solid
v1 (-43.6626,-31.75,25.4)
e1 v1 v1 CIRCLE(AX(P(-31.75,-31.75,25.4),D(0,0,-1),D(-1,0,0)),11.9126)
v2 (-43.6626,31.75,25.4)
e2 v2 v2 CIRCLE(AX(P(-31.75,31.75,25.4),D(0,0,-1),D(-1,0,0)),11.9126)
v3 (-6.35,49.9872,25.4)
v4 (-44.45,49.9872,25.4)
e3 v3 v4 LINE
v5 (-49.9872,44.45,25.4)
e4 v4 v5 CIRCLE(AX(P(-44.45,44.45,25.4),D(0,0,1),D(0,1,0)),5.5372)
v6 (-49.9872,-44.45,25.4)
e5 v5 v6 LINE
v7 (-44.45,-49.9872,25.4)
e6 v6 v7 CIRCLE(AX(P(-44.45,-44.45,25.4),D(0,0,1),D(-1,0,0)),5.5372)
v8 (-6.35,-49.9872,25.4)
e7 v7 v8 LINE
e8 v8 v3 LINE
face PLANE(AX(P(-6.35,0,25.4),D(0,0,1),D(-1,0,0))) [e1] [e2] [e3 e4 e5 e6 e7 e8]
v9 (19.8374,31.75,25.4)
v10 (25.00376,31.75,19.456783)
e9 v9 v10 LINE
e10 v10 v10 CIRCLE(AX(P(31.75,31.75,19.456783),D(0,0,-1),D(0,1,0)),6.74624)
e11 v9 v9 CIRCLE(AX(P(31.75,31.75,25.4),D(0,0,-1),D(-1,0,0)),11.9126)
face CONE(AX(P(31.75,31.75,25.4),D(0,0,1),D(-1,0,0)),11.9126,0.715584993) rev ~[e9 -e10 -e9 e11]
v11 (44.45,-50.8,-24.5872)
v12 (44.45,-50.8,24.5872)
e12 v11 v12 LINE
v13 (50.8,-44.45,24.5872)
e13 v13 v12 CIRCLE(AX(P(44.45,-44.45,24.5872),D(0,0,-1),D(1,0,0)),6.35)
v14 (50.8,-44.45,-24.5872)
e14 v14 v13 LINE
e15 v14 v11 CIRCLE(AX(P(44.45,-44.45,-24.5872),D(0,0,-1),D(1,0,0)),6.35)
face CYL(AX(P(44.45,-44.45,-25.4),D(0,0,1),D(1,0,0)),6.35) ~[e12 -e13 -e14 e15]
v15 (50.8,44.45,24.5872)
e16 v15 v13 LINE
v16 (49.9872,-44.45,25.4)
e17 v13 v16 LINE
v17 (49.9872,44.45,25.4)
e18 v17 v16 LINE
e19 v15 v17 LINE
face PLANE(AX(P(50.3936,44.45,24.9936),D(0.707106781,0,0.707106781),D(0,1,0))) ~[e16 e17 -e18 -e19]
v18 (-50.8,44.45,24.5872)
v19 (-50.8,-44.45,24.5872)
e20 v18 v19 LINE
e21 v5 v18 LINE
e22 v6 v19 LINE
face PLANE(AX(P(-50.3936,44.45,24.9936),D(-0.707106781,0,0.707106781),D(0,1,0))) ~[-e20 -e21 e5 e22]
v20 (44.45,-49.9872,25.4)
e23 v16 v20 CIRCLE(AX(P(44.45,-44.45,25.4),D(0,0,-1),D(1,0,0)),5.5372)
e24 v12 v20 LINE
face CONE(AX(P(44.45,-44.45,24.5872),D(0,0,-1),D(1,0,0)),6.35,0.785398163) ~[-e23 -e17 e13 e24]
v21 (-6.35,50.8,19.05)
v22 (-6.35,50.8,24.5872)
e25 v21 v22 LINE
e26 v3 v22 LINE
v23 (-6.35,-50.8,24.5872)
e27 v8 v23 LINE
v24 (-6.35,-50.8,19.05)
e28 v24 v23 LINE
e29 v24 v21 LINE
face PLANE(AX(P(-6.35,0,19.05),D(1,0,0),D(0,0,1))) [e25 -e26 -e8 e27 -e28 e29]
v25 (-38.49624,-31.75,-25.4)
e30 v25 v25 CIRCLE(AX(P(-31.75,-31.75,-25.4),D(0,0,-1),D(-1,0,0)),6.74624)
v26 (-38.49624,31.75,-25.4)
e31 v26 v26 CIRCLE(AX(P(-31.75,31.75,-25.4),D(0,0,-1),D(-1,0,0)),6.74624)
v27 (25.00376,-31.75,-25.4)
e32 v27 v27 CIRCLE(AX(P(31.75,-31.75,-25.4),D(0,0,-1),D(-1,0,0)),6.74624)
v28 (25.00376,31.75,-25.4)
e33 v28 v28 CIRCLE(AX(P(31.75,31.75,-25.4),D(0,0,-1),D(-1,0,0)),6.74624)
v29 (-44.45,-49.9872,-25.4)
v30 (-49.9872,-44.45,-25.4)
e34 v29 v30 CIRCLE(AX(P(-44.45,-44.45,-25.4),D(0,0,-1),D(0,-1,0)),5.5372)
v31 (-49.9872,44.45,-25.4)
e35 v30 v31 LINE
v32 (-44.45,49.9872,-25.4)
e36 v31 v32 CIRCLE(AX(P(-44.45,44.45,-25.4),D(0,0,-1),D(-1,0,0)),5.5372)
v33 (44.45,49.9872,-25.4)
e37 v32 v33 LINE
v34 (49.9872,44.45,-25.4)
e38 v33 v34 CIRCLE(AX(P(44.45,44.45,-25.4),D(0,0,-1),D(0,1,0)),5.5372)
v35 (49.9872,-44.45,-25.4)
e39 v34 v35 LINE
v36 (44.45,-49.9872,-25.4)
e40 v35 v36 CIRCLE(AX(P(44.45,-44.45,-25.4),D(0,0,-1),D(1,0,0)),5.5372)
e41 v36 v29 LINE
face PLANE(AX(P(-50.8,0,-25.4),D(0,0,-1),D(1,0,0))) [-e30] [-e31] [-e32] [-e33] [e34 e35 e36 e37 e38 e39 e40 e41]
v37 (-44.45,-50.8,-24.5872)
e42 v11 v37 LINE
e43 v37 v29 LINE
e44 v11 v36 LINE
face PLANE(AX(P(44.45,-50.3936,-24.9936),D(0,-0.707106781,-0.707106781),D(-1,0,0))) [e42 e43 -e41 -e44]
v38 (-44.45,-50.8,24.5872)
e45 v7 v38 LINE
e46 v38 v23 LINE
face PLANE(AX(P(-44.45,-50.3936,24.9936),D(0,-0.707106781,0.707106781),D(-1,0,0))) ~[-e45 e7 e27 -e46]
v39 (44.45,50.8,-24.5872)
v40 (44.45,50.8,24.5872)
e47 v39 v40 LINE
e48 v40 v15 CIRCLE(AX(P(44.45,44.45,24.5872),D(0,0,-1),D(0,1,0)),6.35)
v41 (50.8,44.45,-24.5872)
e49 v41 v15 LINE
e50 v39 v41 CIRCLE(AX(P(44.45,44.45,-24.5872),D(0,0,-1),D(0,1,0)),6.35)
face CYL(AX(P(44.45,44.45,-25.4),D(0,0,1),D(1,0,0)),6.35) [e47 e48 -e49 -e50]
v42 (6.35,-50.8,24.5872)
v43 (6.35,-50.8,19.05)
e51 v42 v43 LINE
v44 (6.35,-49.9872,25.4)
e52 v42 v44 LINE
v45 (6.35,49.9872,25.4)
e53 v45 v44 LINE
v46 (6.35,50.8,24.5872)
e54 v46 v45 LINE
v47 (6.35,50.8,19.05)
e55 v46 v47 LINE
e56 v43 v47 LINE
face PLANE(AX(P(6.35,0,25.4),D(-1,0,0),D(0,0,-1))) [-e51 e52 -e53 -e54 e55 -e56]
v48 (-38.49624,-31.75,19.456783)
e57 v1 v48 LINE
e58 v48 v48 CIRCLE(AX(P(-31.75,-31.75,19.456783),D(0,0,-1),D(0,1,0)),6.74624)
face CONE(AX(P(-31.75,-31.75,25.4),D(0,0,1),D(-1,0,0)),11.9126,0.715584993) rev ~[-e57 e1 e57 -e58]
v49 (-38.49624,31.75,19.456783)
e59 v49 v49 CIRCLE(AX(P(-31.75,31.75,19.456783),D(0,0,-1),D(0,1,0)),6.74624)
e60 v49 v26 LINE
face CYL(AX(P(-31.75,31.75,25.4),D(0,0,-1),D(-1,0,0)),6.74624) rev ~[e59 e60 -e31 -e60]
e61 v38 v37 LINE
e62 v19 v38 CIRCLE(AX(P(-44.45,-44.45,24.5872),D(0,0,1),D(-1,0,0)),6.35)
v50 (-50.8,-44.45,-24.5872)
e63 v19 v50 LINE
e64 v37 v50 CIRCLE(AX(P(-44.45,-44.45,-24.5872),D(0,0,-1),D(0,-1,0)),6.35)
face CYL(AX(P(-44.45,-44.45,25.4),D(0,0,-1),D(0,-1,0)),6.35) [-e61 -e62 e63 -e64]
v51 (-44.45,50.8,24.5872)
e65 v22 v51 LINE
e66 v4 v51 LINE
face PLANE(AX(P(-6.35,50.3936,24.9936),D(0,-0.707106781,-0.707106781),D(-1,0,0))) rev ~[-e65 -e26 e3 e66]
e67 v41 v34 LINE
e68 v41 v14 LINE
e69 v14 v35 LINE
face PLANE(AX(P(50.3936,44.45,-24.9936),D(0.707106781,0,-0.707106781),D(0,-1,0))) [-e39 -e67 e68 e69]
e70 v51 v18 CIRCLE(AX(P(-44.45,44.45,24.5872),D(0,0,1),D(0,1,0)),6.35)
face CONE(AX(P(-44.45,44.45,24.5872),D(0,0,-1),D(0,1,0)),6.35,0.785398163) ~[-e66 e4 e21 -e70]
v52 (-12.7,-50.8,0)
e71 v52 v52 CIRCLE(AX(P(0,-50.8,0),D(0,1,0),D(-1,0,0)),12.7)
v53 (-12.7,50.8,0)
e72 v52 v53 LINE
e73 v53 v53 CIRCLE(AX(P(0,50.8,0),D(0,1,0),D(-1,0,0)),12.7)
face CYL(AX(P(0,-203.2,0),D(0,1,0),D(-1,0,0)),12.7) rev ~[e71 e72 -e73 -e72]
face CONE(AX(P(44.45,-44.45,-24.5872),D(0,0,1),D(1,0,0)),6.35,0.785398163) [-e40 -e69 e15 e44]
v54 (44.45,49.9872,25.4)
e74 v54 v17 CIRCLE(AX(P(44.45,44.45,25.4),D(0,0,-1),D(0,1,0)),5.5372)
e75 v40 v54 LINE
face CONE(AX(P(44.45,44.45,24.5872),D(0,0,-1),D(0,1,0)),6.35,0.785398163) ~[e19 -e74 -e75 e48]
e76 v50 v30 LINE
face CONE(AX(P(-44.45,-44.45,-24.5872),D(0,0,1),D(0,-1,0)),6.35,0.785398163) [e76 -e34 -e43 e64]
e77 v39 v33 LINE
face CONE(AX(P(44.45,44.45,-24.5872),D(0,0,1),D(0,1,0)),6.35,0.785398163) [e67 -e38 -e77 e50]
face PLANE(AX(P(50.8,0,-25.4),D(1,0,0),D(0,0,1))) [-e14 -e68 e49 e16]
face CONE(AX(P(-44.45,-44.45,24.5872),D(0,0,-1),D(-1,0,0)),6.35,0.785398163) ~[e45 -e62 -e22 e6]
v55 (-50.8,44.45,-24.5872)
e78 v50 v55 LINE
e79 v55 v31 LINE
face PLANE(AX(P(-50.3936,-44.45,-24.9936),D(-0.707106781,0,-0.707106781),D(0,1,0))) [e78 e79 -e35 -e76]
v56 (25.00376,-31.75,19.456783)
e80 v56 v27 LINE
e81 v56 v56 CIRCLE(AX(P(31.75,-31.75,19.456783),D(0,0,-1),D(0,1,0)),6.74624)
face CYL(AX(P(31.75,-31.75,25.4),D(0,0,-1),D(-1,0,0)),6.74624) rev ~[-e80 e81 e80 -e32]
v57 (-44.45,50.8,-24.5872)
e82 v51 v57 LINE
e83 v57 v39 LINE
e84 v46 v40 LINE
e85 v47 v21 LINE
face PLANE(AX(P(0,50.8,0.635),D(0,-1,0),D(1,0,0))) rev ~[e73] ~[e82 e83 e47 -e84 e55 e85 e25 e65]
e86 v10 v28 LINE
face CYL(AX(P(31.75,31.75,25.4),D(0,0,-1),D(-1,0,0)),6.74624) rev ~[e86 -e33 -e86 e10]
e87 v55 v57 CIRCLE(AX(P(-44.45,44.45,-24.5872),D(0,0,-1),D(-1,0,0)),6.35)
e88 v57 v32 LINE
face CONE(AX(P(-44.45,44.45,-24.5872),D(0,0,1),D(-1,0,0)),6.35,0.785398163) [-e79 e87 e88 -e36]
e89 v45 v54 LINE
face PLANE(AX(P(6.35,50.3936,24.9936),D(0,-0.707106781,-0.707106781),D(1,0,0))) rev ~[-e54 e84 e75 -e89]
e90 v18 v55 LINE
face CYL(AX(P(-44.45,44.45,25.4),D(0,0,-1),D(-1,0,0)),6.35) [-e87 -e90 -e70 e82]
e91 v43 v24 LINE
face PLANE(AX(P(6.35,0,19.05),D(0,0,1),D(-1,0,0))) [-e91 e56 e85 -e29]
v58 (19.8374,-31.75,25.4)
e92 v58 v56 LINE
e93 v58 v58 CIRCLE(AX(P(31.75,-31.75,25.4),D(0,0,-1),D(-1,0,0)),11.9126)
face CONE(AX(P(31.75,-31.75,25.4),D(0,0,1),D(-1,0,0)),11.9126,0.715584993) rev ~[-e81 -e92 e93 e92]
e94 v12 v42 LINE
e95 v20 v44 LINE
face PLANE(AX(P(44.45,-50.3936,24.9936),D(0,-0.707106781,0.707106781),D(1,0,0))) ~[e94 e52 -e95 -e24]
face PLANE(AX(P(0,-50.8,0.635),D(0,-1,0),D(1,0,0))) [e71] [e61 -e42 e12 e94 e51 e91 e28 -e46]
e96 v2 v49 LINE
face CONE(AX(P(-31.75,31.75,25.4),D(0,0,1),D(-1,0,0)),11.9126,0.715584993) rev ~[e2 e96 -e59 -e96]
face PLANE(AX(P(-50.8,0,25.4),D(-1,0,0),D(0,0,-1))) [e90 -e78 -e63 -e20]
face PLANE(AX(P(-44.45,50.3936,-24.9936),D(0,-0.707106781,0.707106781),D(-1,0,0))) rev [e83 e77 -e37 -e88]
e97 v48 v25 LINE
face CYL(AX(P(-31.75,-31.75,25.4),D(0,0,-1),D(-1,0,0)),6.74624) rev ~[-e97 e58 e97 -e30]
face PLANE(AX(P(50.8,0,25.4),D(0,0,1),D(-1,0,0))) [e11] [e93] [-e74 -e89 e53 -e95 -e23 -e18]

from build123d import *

# Parameters (mm, degrees)
F1_DEPTH       = 50.8
F3_D           = 13.49248
F3_CSINK_D     = 23.8252
F3_CSINK_ANGLE = 82
F4_R           = 6.35
F5_SIZE        = 0.8128
F7_D           = 25.4


with BuildPart() as f1:
    # F0 (on Front) → F1 (new body, symmetric)
    with BuildSketch(Plane.XZ):
        Polygon((-6.35, 25.4), (-50.8, 25.4), (-50.8, -25.4), (50.8, -25.4), (50.8, 25.4), (6.35, 25.4), (6.35, 19.05), (-6.35, 19.05), align=None)
    extrude(amount=F1_DEPTH, both=True)

    # F3 (through all)
    with Locations(Plane.XY.offset(25.4)):
        with Locations((-31.75, 31.75), (31.75, 31.75), (31.75, -31.75), (-31.75, -31.75)):
            CounterSinkHole(F3_D / 2, F3_CSINK_D / 2, counter_sink_angle=F3_CSINK_ANGLE)

    # F4
    f4_edges = [f1.edges().sort_by_distance(p)[0] for p in [
        (50.8, -50.8, 0),
        (-50.8, -50.8, 0),
        (-50.8, 50.8, 0),
        (50.8, 50.8, 0),
    ]]
    fillet(f4_edges, radius=F4_R)

    # F5
    f5_edges = [f1.edges().sort_by_distance(p)[0] for p in [
        (25.4, -50.8, 25.4),
        (-50.8, 0, 25.4),
        (0, 50.8, -25.4),
    ]]
    chamfer(f5_edges, length=F5_SIZE)

    # F7 (through all)
    with Locations(Plane.XZ.offset(50.8)):
        with Locations((0, 0)):
            Hole(F7_D / 2)


solid = f1.part
